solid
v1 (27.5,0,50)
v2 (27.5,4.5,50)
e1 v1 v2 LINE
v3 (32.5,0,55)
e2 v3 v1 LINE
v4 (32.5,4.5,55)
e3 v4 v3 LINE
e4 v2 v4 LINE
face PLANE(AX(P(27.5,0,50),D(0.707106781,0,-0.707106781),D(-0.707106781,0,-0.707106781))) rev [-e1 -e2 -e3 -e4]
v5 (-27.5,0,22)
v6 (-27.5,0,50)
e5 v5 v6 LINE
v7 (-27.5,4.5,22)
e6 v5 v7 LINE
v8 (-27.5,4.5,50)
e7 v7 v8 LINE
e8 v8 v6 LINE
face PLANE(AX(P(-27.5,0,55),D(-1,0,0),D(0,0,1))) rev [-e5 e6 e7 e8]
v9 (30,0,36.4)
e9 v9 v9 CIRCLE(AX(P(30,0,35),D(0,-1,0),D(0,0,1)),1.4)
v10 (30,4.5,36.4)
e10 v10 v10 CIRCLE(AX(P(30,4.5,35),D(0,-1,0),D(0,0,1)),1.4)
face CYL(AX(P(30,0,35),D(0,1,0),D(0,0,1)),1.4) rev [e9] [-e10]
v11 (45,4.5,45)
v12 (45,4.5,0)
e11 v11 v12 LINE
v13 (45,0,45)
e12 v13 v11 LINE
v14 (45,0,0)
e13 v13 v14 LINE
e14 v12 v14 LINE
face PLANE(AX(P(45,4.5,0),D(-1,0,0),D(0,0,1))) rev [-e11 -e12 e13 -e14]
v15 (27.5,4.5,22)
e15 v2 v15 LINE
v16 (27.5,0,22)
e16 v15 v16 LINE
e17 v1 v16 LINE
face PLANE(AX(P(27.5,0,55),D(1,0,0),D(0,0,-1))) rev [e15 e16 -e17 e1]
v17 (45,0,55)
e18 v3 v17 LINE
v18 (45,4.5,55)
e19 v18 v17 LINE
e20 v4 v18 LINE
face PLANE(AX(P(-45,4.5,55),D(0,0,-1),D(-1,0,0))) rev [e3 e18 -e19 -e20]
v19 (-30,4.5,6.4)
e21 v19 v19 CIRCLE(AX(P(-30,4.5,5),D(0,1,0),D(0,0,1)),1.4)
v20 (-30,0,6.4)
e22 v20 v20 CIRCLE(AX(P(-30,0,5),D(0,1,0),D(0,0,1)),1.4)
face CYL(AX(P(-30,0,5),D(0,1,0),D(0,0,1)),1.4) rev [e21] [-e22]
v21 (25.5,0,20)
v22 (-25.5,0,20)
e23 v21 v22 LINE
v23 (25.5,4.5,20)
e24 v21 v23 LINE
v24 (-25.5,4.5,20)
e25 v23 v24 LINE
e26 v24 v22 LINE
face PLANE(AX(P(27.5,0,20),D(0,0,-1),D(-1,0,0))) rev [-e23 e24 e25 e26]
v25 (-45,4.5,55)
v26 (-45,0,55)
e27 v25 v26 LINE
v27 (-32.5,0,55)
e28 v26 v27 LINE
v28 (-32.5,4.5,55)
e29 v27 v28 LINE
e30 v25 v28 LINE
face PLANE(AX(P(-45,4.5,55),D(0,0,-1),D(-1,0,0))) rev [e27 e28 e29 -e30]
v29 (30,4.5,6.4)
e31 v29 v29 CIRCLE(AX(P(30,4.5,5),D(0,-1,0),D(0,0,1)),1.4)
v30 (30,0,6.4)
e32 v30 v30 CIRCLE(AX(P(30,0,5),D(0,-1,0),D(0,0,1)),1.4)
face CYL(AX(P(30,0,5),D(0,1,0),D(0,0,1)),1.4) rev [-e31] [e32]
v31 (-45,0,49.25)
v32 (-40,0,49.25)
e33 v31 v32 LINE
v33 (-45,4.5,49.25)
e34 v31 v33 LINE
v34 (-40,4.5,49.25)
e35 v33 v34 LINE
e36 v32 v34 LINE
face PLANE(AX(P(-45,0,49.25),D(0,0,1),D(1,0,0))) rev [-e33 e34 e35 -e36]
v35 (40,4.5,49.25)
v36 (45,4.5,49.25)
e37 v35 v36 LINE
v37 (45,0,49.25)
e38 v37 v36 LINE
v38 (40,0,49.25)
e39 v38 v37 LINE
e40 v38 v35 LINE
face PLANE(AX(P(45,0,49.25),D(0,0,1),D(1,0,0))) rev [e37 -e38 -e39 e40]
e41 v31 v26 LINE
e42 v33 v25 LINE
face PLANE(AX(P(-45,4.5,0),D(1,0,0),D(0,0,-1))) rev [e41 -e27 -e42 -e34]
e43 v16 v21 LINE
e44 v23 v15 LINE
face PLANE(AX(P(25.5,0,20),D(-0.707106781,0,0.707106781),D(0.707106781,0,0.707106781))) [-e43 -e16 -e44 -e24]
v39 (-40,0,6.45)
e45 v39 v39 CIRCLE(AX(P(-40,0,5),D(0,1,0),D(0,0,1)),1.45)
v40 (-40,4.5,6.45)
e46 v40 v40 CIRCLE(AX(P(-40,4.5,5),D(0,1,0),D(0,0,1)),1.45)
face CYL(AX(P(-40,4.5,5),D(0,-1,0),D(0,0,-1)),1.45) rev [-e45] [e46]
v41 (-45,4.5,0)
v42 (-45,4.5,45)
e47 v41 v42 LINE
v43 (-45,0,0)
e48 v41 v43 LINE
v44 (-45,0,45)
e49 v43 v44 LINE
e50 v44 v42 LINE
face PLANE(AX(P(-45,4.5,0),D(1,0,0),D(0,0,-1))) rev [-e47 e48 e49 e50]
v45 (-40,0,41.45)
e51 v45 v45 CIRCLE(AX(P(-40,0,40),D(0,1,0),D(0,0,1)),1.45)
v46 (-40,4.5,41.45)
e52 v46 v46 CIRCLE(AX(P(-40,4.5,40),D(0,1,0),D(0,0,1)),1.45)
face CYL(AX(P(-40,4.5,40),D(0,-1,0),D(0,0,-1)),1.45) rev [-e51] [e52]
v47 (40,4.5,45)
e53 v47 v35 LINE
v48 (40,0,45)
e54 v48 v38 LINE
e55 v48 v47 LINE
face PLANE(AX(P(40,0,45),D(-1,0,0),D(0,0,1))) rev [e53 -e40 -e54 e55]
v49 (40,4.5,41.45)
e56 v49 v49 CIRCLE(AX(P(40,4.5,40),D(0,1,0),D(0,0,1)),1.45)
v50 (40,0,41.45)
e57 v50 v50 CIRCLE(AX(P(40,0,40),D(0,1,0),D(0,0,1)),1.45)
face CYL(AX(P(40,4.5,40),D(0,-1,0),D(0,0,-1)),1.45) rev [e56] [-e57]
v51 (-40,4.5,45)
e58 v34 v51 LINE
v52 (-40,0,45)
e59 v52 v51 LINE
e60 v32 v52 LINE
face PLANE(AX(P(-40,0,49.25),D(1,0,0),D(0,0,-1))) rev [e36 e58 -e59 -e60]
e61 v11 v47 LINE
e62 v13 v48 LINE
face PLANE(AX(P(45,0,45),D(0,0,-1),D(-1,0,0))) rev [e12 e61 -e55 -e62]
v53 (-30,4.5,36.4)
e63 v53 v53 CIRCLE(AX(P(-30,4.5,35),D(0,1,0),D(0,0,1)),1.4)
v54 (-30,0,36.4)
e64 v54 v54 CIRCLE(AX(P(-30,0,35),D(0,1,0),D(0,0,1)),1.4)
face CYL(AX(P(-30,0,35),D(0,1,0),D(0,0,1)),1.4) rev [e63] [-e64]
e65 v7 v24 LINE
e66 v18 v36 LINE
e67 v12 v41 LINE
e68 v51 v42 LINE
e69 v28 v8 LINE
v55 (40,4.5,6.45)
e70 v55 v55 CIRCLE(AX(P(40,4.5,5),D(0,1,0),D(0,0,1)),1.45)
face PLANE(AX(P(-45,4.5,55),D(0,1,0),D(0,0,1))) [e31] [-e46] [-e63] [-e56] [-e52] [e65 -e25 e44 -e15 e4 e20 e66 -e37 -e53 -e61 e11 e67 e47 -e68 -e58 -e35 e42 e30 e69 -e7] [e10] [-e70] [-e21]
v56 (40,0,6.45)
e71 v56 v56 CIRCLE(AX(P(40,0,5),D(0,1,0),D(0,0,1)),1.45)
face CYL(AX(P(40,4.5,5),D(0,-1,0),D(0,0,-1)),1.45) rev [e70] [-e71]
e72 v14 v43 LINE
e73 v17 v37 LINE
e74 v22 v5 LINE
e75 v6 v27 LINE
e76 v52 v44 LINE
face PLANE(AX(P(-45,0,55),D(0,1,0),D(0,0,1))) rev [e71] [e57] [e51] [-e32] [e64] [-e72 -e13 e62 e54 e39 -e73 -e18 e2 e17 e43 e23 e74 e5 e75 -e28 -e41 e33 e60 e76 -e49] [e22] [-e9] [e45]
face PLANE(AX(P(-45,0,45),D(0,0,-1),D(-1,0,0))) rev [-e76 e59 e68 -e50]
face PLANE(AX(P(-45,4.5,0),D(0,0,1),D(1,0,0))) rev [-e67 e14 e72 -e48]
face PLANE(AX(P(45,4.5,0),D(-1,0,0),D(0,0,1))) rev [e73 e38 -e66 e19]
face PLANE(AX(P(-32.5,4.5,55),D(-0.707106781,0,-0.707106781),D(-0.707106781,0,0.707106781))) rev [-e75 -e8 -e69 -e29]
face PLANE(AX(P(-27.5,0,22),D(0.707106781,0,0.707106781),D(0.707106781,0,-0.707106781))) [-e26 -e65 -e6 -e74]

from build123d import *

# Parameters (mm, degrees)
SKETCH1_W           = 90
SKETCH1_H           = 55
SKETCH1_R           = 1.45
BOSS_EXTRUDE1_DEPTH = 4.5
SKETCH2_W           = 55
SKETCH2_H           = 35
CUT_EXTRUDE1_DEPTH  = 5.5
SKETCH3_W           = 5
SKETCH3_H           = 4.25
CUT_EXTRUDE2_DEPTH  = 5.5
SKETCH4_R           = 1.4
CUT_EXTRUDE3_DEPTH  = 5.5
CHAMFER1_SIZE       = 5
CHAMFER2_SIZE       = 2


with BuildPart() as part:
    # Sketch1 → Boss-Extrude1 (new body)
    with BuildSketch(Plane(origin=(0, 0, 0), x_dir=(1, 0, 0), z_dir=(0, 1, 0))):
        with Locations((0, -27.5)):
            Rectangle(SKETCH1_W, SKETCH1_H)
        with Locations((-40, -40)):
            Circle(SKETCH1_R, mode=Mode.SUBTRACT)
        with Locations((-40, -5)):
            Circle(SKETCH1_R, mode=Mode.SUBTRACT)
        with Locations((40, -40)):
            Circle(SKETCH1_R, mode=Mode.SUBTRACT)
        with Locations((40, -5)):
            Circle(SKETCH1_R, mode=Mode.SUBTRACT)
    extrude(amount=BOSS_EXTRUDE1_DEPTH)

    # Sketch2 → Cut-Extrude1 (cut, through all)
    with BuildSketch(Plane(origin=(0, 4.5, 0), x_dir=(1, 0, 0), z_dir=(0, 1, 0))):
        with Locations((0, -37.5)):
            Rectangle(SKETCH2_W, SKETCH2_H)
    extrude(amount=-CUT_EXTRUDE1_DEPTH, mode=Mode.SUBTRACT)

    # Sketch3 → Cut-Extrude2 (cut, through all)
    with BuildSketch(Plane(origin=(0, 4.5, 0), x_dir=(1, 0, 0), z_dir=(0, 1, 0))):
        with Locations((-42.5, -47.125)):
            Rectangle(SKETCH3_W, SKETCH3_H)
        with Locations((42.5, -47.125)):
            Rectangle(SKETCH3_W, SKETCH3_H)
    extrude(amount=-CUT_EXTRUDE2_DEPTH, mode=Mode.SUBTRACT)

    # Sketch4 → Cut-Extrude3 (cut, through all)
    with BuildSketch(Plane(origin=(0, 4.5, 0), x_dir=(1, 0, 0), z_dir=(0, 1, 0))):
        with Locations((-30, -35)):
            Circle(SKETCH4_R)
        with Locations((-30, -5)):
            Circle(SKETCH4_R)
    cut_extrude3 = extrude(amount=-CUT_EXTRUDE3_DEPTH, mode=Mode.SUBTRACT)

    # Mirror1: Cut-Extrude3 across plane
    add(cut_extrude3.mirror(Plane(origin=(0, 0, 0), x_dir=(0, 0, 1), z_dir=(1, 0, 0))), mode=Mode.SUBTRACT)

    # Chamfer1
    chamfer1_edges = [part.edges().sort_by_distance(p)[0] for p in [
        (27.5, 2.25, 55),
        (-27.5, 2.25, 55),
    ]]
    chamfer(chamfer1_edges, length=CHAMFER1_SIZE)

    # Chamfer2
    chamfer2_edges = [part.edges().sort_by_distance(p)[0] for p in [
        (27.5, 2.25, 20),
        (-27.5, 2.25, 20),
    ]]
    chamfer(chamfer2_edges, length=CHAMFER2_SIZE)


solid = part.part
